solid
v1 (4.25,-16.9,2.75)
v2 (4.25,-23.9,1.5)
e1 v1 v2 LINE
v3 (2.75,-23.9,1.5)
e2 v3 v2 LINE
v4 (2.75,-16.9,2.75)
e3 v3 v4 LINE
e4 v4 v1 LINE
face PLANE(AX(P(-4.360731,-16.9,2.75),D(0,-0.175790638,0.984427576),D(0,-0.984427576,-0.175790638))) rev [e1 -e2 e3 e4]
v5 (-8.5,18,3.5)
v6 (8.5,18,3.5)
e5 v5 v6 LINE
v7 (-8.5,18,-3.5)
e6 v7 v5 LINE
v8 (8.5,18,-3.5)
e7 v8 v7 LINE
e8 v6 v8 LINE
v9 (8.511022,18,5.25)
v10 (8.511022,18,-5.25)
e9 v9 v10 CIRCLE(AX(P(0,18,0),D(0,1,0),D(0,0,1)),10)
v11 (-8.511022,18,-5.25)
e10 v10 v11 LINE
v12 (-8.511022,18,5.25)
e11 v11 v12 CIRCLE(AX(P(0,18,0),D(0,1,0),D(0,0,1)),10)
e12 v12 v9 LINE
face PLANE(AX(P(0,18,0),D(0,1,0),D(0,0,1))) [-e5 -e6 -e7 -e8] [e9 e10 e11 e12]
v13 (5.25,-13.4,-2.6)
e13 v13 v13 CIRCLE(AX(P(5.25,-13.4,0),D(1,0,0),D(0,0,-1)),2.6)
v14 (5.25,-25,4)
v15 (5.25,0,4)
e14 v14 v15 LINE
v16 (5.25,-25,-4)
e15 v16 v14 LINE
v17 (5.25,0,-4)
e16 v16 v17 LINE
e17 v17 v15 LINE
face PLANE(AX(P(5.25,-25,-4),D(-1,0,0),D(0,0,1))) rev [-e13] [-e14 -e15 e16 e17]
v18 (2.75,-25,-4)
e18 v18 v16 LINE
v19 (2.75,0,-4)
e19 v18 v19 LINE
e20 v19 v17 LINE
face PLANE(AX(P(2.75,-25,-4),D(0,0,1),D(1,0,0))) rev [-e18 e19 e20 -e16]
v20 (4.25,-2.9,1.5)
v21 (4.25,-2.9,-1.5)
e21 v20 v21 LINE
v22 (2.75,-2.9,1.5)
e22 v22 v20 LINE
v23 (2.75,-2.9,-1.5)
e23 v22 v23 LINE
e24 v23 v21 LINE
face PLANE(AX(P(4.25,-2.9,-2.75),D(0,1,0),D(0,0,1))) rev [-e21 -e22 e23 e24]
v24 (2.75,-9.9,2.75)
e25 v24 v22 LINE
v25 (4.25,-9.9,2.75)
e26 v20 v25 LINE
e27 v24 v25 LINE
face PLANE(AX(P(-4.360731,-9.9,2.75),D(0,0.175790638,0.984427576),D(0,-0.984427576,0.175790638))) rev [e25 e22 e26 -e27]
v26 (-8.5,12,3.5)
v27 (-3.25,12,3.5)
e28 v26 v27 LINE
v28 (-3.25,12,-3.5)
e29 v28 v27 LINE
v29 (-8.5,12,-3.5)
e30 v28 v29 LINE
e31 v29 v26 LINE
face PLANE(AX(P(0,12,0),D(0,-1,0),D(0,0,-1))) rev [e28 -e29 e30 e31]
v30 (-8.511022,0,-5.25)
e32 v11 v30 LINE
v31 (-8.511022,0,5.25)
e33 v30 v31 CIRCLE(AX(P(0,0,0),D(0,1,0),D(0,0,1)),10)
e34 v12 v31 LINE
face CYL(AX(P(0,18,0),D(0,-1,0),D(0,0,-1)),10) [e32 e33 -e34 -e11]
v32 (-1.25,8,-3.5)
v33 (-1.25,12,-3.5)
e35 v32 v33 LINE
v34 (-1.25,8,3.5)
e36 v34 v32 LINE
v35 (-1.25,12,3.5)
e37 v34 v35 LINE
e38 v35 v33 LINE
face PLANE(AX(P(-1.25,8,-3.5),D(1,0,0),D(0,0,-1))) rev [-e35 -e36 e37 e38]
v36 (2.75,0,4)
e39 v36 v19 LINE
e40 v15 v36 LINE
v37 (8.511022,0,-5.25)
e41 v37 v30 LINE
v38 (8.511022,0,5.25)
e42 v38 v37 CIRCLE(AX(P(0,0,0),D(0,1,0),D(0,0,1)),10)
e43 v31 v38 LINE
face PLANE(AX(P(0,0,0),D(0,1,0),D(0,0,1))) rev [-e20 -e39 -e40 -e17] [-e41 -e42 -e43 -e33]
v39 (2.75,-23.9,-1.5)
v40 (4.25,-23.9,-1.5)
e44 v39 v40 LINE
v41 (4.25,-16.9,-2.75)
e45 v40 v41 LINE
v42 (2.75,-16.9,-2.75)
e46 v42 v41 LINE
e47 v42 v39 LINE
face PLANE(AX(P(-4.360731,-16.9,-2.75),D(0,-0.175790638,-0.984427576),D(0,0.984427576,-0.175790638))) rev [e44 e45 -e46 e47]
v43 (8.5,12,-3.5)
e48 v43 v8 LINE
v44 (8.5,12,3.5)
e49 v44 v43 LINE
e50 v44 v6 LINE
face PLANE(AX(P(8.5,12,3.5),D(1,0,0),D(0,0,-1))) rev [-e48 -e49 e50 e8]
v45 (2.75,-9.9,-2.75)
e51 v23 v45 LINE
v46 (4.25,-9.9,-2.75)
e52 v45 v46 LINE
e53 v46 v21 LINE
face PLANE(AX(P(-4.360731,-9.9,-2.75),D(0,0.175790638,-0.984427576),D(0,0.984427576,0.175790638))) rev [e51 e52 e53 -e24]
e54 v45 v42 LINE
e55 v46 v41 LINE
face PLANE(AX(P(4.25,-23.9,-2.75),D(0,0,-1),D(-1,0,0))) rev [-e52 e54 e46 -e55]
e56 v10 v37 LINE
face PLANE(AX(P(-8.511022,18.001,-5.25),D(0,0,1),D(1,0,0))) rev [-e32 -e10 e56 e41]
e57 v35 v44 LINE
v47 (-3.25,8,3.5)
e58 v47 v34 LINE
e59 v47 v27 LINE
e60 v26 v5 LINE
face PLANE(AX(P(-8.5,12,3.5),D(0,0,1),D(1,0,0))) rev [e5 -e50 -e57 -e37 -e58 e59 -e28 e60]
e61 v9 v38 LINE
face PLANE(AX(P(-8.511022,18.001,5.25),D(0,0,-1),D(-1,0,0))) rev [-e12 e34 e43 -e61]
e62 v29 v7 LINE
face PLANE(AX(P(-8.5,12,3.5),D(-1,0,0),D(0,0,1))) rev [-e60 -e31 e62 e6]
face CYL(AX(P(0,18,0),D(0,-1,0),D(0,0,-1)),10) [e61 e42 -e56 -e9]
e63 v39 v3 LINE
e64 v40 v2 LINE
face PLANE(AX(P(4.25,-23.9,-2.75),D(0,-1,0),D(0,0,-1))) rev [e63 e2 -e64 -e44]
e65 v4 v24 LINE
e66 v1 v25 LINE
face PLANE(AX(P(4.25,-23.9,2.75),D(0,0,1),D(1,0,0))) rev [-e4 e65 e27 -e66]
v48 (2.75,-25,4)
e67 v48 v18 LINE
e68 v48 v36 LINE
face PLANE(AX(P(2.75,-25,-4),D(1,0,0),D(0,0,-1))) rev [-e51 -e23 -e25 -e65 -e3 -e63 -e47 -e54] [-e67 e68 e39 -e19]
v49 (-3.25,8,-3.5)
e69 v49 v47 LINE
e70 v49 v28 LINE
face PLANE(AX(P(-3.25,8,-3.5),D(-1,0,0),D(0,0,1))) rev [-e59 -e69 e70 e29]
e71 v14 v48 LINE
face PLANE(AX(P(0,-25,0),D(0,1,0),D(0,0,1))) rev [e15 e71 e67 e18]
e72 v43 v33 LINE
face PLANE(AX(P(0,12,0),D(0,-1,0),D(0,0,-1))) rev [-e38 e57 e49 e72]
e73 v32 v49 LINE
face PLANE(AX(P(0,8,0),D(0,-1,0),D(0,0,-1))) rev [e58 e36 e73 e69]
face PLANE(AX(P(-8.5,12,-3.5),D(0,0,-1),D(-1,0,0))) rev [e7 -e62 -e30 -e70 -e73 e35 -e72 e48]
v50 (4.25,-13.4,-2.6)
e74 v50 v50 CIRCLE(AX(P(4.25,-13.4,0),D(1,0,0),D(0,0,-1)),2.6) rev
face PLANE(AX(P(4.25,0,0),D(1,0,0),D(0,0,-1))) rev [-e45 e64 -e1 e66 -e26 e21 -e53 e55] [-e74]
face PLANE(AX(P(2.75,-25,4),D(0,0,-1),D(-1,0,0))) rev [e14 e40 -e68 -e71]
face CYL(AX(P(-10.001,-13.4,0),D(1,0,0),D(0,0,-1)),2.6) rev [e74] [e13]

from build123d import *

# Parameters (mm, degrees)
SKETCH3_R           = 10
BOSS_EXTRUDE1_DEPTH = 18
SKETCH4_W           = 2.5
SKETCH4_H           = 8
BOSS_EXTRUDE2_DEPTH = 25
CUT_EXTRUDE1_REACH  = 32.945
SKETCH5_R           = 2.6
SKETCH6_W           = 5.5
SKETCH6_H           = 21
CUT_EXTRUDE2_DEPTH  = 1.5
SKETCH7_W           = 17
SKETCH7_H           = 7
CUT_EXTRUDE3_DEPTH  = 6
SKETCH8_W           = 2
SKETCH8_H           = 7
CUT_EXTRUDE4_DEPTH  = 4
BOSS_EXTRUDE3_DEPTH = 1.5
CUT_EXTRUDE5_REACH  = 30.723


with BuildPart() as part:
    # Sketch3 → Boss-Extrude1 (new body)
    with BuildSketch(Plane(origin=(0, 0, 0), x_dir=(1, 0, 0), z_dir=(0, 1, 0))):
        with Locations(Location((0, 0, 0), (0, 0, 270))):
            Circle(SKETCH3_R)
    extrude(amount=BOSS_EXTRUDE1_DEPTH)

    # Sketch4 → Boss-Extrude2 (add)
    with BuildSketch(Plane(origin=(0, 0, 0), x_dir=(-1, 0, 0), z_dir=(0, -1, 0))):
        with Locations((-4, 0)):
            Rectangle(SKETCH4_W, SKETCH4_H)
    extrude(amount=BOSS_EXTRUDE2_DEPTH)

    # Sketch5 → Cut-Extrude1 (cut, up to next)
    with BuildSketch(Plane(origin=(5.25, 0, 0), x_dir=(0, 0, -1), z_dir=(1, 0, 0)), mode=Mode.PRIVATE) as cut_extrude1_sk1:
        with Locations((0, -13.4)):
            Circle(SKETCH5_R)
    cut_extrude1_tool1 = extrude(cut_extrude1_sk1.sketch, amount=-CUT_EXTRUDE1_REACH, mode=Mode.PRIVATE) & part.part
    add(cut_extrude1_tool1.solids().sort_by_distance((5.25, -13.4, 0))[0], mode=Mode.SUBTRACT)

    # Sketch6 → Cut-Extrude2 (cut)
    with BuildSketch(Plane.ZY.offset(-2.75)):
        with Locations((0, -13.4)):
            Rectangle(SKETCH6_W, SKETCH6_H)
    extrude(amount=-CUT_EXTRUDE2_DEPTH, mode=Mode.SUBTRACT)

    # Sketch7 → Cut-Extrude3 (cut)
    with BuildSketch(Plane(origin=(0, 18, 0), x_dir=(1, 0, 0), z_dir=(0, 1, 0))):
        Rectangle(SKETCH7_W, SKETCH7_H)
    extrude(amount=-CUT_EXTRUDE3_DEPTH, mode=Mode.SUBTRACT)

    # Sketch8 → Cut-Extrude4 (cut)
    with BuildSketch(Plane(origin=(0, 12, 0), x_dir=(1, 0, 0), z_dir=(0, 1, 0))):
        with Locations((-2.25, 0)):
            Rectangle(SKETCH8_W, SKETCH8_H)
    extrude(amount=-CUT_EXTRUDE4_DEPTH, mode=Mode.SUBTRACT)

    # Sketch9 → Boss-Extrude3 (add)
    with BuildSketch(Plane.ZY.offset(-4.25)):
        Polygon((-2.75, -23.9), (-2.75, -16.9), (-1.5, -23.9), align=None)
        Polygon((1.5, -23.9), (2.75, -23.9), (2.75, -16.9), align=None)
        Polygon((2.75, -2.9), (2.75, -9.9), (1.5, -2.9), align=None)
        Polygon((-1.5, -2.9), (-2.75, -2.9), (-2.75, -9.9), align=None)
    extrude(amount=BOSS_EXTRUDE3_DEPTH)

    # Sketch11 → Cut-Extrude5 (cut, up to next)
    with BuildSketch(Plane(origin=(0, 0, 0), x_dir=(-1, 0, 0), z_dir=(0, -1, 0)), mode=Mode.PRIVATE) as cut_extrude5_sk1:
        with BuildLine():
            Line((8.511022265, 5.25), (-8.511022265, 5.25))
            ThreePointArc((-8.511022265, 5.25), (0, 10), (8.511022265, 5.25))
        make_face()
    cut_extrude5_tool1 = extrude(cut_extrude5_sk1.sketch, amount=-CUT_EXTRUDE5_REACH, mode=Mode.PRIVATE) & part.part
    # Sketch11 → Cut-Extrude5 (cut, up to next)
    with BuildSketch(Plane(origin=(0, 0, 0), x_dir=(-1, 0, 0), z_dir=(0, -1, 0)), mode=Mode.PRIVATE) as cut_extrude5_sk2:
        with BuildLine():
            Line((8.511022265, -5.25), (-8.511022265, -5.25))
            ThreePointArc((-8.511022265, -5.25), (0, -10), (8.511022265, -5.25))
        make_face()
    cut_extrude5_tool2 = extrude(cut_extrude5_sk2.sketch, amount=-CUT_EXTRUDE5_REACH, mode=Mode.PRIVATE) & part.part
    add(cut_extrude5_tool1.solids().sort_by_distance((0, 0, -7.194917))[0], mode=Mode.SUBTRACT)
    add(cut_extrude5_tool2.solids().sort_by_distance((0, 0, 7.194917))[0], mode=Mode.SUBTRACT)


solid = part.part
